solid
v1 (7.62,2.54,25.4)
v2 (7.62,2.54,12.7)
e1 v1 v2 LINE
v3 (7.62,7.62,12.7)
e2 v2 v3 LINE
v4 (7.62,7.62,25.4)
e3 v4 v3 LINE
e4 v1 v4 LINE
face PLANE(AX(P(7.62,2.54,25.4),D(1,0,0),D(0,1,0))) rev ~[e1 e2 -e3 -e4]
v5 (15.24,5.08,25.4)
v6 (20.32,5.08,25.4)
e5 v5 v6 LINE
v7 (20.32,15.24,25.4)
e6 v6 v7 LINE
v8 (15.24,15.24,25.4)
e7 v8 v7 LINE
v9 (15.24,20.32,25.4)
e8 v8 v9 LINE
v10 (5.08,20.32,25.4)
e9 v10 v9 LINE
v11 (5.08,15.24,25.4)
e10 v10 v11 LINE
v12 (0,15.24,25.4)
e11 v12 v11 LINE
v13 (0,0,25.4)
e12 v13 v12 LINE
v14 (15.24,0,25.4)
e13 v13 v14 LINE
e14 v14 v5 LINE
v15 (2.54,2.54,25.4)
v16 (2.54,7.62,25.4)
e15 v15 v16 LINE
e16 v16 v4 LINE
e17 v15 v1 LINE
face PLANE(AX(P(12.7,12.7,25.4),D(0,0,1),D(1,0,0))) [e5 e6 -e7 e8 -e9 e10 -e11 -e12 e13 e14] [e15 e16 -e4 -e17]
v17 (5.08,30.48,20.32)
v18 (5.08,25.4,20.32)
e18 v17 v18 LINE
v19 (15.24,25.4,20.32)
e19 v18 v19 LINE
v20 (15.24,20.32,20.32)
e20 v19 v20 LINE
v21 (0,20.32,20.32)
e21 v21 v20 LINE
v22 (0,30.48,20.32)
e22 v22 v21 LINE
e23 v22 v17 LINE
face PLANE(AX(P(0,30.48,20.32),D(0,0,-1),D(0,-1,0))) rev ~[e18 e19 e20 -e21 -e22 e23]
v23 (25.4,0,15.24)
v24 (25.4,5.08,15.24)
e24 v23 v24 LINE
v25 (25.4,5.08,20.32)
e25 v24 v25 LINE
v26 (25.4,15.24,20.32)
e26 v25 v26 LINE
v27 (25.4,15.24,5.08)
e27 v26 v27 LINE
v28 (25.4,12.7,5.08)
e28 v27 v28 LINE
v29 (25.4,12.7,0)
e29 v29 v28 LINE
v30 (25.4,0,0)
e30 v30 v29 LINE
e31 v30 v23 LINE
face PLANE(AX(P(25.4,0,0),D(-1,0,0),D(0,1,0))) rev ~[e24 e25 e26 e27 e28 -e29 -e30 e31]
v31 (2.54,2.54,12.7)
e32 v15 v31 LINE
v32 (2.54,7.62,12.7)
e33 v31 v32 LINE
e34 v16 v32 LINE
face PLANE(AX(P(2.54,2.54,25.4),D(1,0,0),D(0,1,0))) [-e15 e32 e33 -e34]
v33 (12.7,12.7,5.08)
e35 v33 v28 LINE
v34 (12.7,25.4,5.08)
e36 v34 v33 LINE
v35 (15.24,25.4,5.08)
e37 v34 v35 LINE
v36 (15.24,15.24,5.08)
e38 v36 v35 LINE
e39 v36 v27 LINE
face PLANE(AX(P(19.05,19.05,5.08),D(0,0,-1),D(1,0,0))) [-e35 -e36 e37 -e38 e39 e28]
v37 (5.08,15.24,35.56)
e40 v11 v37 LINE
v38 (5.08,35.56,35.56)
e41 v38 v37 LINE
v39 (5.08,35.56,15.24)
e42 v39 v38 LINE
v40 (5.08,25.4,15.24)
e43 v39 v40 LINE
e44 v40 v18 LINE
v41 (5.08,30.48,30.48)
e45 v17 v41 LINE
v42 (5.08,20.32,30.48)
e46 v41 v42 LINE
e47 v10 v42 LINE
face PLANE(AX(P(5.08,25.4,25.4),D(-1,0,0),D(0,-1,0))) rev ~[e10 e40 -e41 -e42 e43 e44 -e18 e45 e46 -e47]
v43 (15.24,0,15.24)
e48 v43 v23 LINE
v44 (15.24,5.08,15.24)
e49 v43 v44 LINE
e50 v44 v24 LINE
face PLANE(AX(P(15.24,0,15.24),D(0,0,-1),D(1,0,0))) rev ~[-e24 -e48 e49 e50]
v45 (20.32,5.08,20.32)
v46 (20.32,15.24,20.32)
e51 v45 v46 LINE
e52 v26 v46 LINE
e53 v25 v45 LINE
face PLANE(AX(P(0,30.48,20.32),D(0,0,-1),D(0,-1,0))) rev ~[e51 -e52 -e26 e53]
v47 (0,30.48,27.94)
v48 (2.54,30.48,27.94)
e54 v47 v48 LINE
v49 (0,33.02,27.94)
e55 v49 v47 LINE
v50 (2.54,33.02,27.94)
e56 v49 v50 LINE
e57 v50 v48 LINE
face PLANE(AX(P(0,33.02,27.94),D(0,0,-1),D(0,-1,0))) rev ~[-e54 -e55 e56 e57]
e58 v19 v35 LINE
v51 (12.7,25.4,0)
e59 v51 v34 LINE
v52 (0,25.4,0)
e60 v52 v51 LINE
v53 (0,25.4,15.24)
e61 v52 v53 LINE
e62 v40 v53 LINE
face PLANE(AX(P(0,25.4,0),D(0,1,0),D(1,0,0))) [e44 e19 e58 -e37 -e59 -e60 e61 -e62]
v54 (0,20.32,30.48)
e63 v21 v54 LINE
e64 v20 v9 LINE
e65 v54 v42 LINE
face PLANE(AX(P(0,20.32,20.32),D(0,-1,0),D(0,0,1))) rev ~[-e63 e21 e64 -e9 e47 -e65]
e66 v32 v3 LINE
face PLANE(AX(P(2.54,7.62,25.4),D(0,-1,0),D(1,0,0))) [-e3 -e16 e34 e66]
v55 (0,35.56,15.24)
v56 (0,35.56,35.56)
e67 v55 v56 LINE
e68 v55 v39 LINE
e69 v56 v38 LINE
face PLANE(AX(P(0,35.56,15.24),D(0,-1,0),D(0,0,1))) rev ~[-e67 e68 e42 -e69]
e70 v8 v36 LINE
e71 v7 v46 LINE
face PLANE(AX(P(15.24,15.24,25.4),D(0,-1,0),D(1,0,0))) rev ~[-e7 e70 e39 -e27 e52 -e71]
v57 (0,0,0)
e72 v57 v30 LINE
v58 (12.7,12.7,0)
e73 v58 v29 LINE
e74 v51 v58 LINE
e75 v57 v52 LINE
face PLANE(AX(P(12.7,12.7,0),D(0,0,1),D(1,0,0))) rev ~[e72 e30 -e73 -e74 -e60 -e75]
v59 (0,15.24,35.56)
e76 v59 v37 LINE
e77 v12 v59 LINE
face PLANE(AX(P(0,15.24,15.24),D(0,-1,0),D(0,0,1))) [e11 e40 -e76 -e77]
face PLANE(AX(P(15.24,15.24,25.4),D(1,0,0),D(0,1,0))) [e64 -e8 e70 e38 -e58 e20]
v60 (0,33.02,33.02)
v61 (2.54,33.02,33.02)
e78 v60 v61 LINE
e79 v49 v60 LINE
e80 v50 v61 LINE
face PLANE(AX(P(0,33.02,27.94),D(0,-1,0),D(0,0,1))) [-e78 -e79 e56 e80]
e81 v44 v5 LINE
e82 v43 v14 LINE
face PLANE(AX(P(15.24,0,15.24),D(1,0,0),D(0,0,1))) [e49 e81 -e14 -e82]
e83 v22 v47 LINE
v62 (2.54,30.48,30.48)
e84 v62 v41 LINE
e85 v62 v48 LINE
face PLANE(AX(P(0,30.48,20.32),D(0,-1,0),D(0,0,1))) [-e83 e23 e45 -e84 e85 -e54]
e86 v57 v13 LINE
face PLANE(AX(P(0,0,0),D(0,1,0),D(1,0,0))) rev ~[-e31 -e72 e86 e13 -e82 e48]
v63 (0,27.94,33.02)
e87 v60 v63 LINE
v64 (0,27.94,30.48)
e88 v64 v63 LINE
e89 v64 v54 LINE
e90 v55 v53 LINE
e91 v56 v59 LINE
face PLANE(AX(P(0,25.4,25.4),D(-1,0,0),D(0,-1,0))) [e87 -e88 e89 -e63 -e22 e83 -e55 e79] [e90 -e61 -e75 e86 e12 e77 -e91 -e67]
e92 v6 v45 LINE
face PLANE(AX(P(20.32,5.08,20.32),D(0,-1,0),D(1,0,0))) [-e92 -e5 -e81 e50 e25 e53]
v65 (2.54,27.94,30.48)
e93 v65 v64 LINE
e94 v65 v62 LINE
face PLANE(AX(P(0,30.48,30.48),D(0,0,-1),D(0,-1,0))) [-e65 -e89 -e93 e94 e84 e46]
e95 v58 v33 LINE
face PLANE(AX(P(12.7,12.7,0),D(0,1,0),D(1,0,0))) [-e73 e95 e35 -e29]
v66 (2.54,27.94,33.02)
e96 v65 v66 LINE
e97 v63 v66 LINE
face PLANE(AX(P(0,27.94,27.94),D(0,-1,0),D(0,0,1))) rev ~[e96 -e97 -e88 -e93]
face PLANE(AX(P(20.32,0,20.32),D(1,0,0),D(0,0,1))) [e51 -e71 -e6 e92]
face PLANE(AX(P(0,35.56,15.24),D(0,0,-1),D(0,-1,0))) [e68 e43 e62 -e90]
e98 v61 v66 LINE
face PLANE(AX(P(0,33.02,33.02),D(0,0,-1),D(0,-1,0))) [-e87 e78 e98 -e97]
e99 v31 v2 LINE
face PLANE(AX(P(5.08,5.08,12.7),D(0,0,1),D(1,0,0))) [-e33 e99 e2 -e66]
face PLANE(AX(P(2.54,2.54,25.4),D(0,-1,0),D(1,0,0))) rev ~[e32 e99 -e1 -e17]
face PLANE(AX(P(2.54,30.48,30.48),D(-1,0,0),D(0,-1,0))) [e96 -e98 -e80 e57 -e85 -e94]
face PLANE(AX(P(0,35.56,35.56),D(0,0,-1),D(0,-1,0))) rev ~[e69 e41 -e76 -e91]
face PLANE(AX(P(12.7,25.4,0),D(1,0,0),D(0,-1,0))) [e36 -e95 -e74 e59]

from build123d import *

# Parameters (mm, degrees)
F0_W      = 25.4
F0_H      = 25.4
F1_DEPTH  = 25.4
F2_W      = 5.08
F2_H      = 5.08
F3_DEPTH  = 25.4
F4_W      = 10.16
F4_H      = 10.16
F5_DEPTH  = 5.08
F6_W      = 20.32
F6_H      = 20.32
F7_DEPTH  = 5.08
F8_W      = 10.16
F8_H      = 10.16
F9_DEPTH  = 25.4
F10_W     = 5.08
F10_H     = 5.08
F11_DEPTH = 12.7
F12_W     = 10.16
F12_H     = 10.16
F13_DEPTH = 25.4
F14_W     = 12.7
F14_H     = 12.7
F15_DEPTH = 5.08
F16_W     = 5.08
F16_H     = 5.08
F17_DEPTH = 2.54


with BuildPart() as f1:
    # F0 (on Top) → F1 (new body)
    with BuildSketch(Plane.XY):
        with Locations((12.7, 12.7)):
            Rectangle(F0_W, F0_H)
    extrude(amount=F1_DEPTH)

    # F2 (on face) → F3 (cut)
    with BuildSketch(Plane.XZ):
        with Locations((22.86, 22.86)):
            Rectangle(F2_W, F2_H)
    extrude(amount=-F3_DEPTH, mode=Mode.SUBTRACT)

    # F4 (on face) → F5 (cut)
    with BuildSketch(Plane.XZ):
        with Locations((20.32, 20.32)):
            Rectangle(F4_W, F4_H)
    extrude(amount=-F5_DEPTH, mode=Mode.SUBTRACT)

    # F6 (on face) → F7 (join)
    with BuildSketch(Plane(origin=(0, 0, 0), x_dir=(0, -1, 0), z_dir=(-1, 0, 0))):
        with Locations((-25.4, 25.4)):
            Rectangle(F6_W, F6_H)
    extrude(amount=-F7_DEPTH)

    # F8 (on face) → F9 (cut)
    with BuildSketch(Plane(origin=(0, 0, 0), x_dir=(0, -1, 0), z_dir=(-1, 0, 0))):
        with Locations((-25.4, 25.4)):
            Rectangle(F8_W, F8_H)
    extrude(amount=-F9_DEPTH, mode=Mode.SUBTRACT)

    # F10 (on face) → F11 (cut)
    with BuildSketch(Plane.XY.offset(25.4)):
        with Locations((5.08, 5.08)):
            Rectangle(F10_W, F10_H)
    extrude(amount=-F11_DEPTH, mode=Mode.SUBTRACT)

    # F12 (on face) → F13 (cut)
    with BuildSketch(Plane.XY.offset(25.4)):
        with Locations((20.32, 20.32)):
            Rectangle(F12_W, F12_H)
    extrude(amount=-F13_DEPTH, mode=Mode.SUBTRACT)

    # F14 (on face) → F15 (cut)
    with BuildSketch(Plane(origin=(0, 0, 0), x_dir=(1, 0, 0), z_dir=(0, 0, -1))):
        with Locations((19.05, -19.05)):
            Rectangle(F14_W, F14_H)
    extrude(amount=-F15_DEPTH, mode=Mode.SUBTRACT)

    # F16 (on face) → F17 (cut)
    with BuildSketch(Plane(origin=(0, 0, 0), x_dir=(0, -1, 0), z_dir=(-1, 0, 0))):
        with Locations((-30.48, 30.48)):
            Rectangle(F16_W, F16_H)
    extrude(amount=-F17_DEPTH, mode=Mode.SUBTRACT)


solid = f1.part
